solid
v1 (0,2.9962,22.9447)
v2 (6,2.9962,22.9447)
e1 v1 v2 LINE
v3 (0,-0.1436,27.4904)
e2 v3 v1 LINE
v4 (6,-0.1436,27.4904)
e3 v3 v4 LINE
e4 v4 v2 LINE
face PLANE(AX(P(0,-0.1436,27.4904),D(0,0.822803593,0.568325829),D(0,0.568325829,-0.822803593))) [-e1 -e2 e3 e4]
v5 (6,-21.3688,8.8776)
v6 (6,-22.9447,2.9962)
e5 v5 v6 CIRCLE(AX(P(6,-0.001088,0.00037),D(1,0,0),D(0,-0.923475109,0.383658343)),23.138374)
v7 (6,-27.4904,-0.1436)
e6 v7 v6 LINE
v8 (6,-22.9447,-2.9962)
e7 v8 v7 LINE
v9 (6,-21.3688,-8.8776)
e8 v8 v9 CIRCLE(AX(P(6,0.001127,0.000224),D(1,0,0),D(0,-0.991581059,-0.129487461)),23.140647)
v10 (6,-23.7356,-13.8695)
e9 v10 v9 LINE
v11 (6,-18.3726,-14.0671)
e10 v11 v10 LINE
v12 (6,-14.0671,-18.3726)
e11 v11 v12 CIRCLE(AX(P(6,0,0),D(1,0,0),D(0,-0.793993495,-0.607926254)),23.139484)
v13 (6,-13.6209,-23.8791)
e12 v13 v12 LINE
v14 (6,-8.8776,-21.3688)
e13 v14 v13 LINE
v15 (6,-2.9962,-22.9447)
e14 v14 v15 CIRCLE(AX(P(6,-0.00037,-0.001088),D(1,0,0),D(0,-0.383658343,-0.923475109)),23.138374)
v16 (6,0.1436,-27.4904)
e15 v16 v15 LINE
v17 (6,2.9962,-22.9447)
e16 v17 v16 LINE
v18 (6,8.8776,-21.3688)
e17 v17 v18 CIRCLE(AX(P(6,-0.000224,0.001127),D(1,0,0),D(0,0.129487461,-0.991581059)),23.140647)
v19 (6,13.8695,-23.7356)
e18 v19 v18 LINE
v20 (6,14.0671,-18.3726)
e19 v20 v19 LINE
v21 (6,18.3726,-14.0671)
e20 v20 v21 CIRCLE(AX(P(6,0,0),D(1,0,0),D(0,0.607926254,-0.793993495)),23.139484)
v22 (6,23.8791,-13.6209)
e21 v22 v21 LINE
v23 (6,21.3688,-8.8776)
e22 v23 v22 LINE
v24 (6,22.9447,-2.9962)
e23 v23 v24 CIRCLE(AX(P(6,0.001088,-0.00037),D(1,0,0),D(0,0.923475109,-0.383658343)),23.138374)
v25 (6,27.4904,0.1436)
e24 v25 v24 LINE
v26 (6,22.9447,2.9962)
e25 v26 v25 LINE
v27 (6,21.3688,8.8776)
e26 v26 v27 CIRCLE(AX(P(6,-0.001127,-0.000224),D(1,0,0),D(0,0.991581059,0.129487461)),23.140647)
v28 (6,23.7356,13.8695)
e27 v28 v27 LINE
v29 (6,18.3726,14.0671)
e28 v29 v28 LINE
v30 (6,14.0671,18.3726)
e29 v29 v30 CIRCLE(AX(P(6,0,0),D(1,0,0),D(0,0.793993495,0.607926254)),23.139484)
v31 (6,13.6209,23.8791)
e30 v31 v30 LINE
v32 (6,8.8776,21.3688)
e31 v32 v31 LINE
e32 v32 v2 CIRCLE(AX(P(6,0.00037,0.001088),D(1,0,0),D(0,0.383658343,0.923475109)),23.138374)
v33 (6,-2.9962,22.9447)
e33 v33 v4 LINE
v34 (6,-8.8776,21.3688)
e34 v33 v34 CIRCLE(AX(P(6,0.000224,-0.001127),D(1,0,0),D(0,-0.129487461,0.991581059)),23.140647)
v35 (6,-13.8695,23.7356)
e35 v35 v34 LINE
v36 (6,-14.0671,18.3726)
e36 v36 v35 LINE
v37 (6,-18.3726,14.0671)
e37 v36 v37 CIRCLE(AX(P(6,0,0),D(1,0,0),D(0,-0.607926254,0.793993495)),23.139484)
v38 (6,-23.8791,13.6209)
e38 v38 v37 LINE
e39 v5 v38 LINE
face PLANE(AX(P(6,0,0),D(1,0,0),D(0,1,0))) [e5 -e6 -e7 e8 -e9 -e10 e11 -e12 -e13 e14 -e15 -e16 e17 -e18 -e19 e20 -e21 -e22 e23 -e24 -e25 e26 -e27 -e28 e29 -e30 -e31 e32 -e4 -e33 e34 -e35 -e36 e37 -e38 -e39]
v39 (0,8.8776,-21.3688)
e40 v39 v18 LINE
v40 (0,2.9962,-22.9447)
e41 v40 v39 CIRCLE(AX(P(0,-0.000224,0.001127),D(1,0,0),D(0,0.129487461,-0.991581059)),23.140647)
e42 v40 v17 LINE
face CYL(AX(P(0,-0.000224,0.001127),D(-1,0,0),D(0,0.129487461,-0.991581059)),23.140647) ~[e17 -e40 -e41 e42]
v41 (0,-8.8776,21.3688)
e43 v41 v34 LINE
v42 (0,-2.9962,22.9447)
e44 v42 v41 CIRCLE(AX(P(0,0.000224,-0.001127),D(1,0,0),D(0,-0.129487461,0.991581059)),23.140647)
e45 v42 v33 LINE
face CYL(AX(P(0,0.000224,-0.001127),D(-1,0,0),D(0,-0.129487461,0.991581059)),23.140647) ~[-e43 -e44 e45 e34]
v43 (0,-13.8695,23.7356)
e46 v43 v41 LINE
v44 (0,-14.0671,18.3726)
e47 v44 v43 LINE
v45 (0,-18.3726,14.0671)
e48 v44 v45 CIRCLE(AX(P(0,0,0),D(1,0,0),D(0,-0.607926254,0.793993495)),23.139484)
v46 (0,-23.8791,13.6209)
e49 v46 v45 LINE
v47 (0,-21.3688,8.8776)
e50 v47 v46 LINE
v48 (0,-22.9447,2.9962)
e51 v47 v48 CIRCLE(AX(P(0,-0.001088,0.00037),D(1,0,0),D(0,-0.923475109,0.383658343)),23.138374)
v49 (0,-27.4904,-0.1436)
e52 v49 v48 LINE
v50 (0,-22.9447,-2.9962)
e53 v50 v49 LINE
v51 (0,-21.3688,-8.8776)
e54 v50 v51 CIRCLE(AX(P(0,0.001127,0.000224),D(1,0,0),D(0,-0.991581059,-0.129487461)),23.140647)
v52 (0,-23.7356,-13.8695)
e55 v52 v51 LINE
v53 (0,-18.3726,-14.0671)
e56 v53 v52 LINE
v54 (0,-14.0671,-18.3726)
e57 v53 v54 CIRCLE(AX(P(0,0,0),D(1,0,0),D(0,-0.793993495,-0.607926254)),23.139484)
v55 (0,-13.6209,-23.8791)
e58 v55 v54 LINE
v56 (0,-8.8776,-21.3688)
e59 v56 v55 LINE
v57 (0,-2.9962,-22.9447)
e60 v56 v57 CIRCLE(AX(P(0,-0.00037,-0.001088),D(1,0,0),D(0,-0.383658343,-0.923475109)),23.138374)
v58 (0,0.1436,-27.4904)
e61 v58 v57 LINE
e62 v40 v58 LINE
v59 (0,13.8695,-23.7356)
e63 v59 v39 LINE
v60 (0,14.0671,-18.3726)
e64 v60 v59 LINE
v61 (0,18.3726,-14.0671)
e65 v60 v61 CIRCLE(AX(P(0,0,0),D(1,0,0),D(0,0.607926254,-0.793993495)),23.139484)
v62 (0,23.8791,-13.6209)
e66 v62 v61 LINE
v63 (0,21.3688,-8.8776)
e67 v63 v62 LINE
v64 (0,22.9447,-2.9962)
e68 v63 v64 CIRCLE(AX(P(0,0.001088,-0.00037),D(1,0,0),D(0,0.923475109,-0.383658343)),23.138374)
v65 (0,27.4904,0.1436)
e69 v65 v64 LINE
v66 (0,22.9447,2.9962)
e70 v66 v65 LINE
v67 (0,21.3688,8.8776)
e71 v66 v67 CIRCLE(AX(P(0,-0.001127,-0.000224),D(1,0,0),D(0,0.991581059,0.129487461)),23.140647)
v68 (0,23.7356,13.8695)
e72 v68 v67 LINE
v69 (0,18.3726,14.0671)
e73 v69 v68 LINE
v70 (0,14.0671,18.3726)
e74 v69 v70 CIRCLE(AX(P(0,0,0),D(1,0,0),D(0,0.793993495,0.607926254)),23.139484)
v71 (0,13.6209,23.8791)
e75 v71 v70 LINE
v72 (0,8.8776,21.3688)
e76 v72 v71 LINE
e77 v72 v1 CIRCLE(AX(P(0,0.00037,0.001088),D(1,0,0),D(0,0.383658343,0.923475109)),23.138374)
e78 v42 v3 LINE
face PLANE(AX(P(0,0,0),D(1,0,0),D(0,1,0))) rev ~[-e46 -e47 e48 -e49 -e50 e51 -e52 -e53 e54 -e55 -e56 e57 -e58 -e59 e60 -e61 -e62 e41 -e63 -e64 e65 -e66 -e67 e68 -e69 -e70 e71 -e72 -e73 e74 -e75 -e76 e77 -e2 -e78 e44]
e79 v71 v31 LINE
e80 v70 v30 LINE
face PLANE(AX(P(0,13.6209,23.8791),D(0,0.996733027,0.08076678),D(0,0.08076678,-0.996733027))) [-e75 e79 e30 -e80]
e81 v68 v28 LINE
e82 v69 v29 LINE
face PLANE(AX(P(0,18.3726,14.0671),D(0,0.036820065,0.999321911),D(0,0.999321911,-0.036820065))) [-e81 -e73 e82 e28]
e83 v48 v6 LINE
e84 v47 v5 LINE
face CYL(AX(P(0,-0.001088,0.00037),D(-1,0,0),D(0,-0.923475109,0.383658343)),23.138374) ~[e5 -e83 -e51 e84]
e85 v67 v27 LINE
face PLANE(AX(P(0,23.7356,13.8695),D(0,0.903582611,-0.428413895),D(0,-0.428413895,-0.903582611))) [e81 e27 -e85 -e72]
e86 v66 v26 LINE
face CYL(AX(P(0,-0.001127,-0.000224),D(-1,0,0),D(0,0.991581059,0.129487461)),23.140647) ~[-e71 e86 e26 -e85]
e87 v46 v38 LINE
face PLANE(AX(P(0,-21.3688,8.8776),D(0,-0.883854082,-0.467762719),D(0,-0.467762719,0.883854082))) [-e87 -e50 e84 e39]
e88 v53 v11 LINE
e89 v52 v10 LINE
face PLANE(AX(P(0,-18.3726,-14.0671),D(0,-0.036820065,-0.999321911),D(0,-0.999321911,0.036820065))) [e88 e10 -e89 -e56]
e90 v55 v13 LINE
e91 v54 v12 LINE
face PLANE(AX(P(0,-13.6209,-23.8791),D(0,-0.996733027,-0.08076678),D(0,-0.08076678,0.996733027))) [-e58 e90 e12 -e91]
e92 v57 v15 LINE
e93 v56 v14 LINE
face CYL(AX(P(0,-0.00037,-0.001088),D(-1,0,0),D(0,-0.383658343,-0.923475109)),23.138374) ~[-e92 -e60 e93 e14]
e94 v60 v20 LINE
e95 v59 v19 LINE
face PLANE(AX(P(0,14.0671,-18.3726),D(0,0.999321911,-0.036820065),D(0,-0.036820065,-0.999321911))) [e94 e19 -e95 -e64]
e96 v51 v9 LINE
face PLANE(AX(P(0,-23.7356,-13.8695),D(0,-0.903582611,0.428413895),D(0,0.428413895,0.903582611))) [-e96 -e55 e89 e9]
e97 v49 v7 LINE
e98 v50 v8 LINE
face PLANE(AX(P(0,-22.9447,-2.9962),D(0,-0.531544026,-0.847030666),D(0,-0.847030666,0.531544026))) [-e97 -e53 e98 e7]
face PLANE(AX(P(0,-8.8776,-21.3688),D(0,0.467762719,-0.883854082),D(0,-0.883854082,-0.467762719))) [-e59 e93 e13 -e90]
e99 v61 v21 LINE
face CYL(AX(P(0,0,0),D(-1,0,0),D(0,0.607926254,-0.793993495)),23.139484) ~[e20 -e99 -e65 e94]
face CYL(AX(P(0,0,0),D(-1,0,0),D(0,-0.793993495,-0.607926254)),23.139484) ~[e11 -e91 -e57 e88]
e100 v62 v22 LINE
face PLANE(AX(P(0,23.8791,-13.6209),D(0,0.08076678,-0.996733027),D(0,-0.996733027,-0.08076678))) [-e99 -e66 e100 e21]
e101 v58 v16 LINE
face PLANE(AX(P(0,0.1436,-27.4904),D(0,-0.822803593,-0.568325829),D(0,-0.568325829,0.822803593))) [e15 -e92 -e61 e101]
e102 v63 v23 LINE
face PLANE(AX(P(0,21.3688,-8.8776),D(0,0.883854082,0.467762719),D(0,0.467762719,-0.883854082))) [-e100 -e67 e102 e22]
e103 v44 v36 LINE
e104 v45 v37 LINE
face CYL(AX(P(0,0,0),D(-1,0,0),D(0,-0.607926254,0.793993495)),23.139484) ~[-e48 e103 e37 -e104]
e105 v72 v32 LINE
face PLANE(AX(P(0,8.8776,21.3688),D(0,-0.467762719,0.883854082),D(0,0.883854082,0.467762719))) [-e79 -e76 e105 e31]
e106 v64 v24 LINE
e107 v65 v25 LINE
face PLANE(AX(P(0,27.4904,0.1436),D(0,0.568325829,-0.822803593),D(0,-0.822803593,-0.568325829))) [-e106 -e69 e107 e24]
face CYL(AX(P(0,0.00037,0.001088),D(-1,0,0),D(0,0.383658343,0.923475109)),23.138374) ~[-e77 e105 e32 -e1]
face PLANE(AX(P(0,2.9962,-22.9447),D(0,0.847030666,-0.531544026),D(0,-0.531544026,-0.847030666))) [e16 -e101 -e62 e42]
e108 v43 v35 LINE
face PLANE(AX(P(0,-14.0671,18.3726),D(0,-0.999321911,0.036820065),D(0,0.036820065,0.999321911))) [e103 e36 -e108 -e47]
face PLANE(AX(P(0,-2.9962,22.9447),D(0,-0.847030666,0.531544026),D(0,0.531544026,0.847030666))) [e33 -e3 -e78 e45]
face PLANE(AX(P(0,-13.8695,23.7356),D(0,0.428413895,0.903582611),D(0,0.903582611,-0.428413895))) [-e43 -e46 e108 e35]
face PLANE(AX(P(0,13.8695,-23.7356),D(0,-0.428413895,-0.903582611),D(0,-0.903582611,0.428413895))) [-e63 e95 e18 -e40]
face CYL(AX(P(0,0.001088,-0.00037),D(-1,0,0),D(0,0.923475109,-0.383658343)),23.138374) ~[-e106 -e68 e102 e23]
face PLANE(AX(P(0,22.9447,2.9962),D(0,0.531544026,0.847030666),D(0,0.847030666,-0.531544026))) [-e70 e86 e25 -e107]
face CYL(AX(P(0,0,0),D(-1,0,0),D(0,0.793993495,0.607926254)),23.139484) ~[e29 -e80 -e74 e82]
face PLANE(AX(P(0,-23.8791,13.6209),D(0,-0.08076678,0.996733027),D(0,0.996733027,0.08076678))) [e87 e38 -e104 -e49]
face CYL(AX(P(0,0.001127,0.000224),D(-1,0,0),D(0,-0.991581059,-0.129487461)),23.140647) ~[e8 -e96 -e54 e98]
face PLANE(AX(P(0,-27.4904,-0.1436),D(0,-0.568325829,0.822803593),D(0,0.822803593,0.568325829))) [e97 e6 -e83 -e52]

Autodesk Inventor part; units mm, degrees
ref_plane "YZ Plane" through (0, 0, 0) normal (1, 0, 0) x (0, 1, 0)
ref_plane "XZ Plane" through (0, 0, 0) normal (0, 1, 0) x (-1, 0, 0)
ref_plane "XY Plane" through (0, 0, 0) normal (0, 0, 1) x (1, 0, 0)
sketch "Sketch1" plane through (0, 0, 0) normal (1, 0, 0) x (0, 1, 0)
  line L0 (22.9447, 2.9962) -> (27.4904, 0.1436)
  line L1 (27.4904, 0.1436) -> (22.9447, -2.9962)
  line L2 (18.3726, 14.0671) -> (23.7356, 13.8695)
  line L3 (23.7356, 13.8695) -> (21.3688, 8.8776)
  line L4 (8.8776, 21.3688) -> (13.6209, 23.8791)
  line L5 (13.6209, 23.8791) -> (14.0671, 18.3726)
  line L6 (-2.9962, 22.9447) -> (-0.1436, 27.4904)
  line L7 (-0.1436, 27.4904) -> (2.9962, 22.9447)
  line L8 (-14.0671, 18.3726) -> (-13.8695, 23.7356)
  line L9 (-13.8695, 23.7356) -> (-8.8776, 21.3688)
  line L10 (-21.3688, 8.8776) -> (-23.8791, 13.6209)
  line L11 (-23.8791, 13.6209) -> (-18.3726, 14.0671)
  line L12 (-22.9447, -2.9962) -> (-27.4904, -0.1436)
  line L13 (-27.4904, -0.1436) -> (-22.9447, 2.9962)
  line L14 (-18.3726, -14.0671) -> (-23.7356, -13.8695)
  line L15 (-23.7356, -13.8695) -> (-21.3688, -8.8776)
  line L16 (-8.8776, -21.3688) -> (-13.6209, -23.8791)
  line L17 (-13.6209, -23.8791) -> (-14.0671, -18.3726)
  line L18 (2.9962, -22.9447) -> (0.1436, -27.4904)
  line L19 (0.1436, -27.4904) -> (-2.9962, -22.9447)
  line L20 (14.0671, -18.3726) -> (13.8695, -23.7356)
  line L21 (13.8695, -23.7356) -> (8.8776, -21.3688)
  line L22 (21.3688, -8.8776) -> (23.8791, -13.6209)
  line L23 (23.8791, -13.6209) -> (18.3726, -14.0671)
  arc A0 (22.9447, 2.9962) -> (21.3688, 8.8776) centre (0, 0) ccw
  arc A1 (18.3726, 14.0671) -> (14.0671, 18.3726) centre (0, 0) ccw
  arc A2 (8.8776, 21.3688) -> (2.9962, 22.9447) centre (0, 0) ccw
  arc A3 (-2.9962, 22.9447) -> (-8.8776, 21.3688) centre (0, 0) ccw
  arc A4 (-14.0671, 18.3726) -> (-18.3726, 14.0671) centre (0, 0) ccw
  arc A5 (-21.3688, 8.8776) -> (-22.9447, 2.9962) centre (0, 0) ccw
  arc A6 (-22.9447, -2.9962) -> (-21.3688, -8.8776) centre (0, 0) ccw
  arc A7 (-18.3726, -14.0671) -> (-14.0671, -18.3726) centre (0, 0) ccw
  arc A8 (-8.8776, -21.3688) -> (-2.9962, -22.9447) centre (0, 0) ccw
  arc A9 (2.9962, -22.9447) -> (8.8776, -21.3688) centre (0, 0) ccw
  arc A10 (14.0671, -18.3726) -> (18.3726, -14.0671) centre (0, 0) ccw
  arc A11 (21.3688, -8.8776) -> (22.9447, -2.9962) centre (0, 0) ccw
  dimension "d2" = 360
extrude "Extrusion1" add sketch "Sketch1" along normal blind 6
properties part number "CarotGear"
